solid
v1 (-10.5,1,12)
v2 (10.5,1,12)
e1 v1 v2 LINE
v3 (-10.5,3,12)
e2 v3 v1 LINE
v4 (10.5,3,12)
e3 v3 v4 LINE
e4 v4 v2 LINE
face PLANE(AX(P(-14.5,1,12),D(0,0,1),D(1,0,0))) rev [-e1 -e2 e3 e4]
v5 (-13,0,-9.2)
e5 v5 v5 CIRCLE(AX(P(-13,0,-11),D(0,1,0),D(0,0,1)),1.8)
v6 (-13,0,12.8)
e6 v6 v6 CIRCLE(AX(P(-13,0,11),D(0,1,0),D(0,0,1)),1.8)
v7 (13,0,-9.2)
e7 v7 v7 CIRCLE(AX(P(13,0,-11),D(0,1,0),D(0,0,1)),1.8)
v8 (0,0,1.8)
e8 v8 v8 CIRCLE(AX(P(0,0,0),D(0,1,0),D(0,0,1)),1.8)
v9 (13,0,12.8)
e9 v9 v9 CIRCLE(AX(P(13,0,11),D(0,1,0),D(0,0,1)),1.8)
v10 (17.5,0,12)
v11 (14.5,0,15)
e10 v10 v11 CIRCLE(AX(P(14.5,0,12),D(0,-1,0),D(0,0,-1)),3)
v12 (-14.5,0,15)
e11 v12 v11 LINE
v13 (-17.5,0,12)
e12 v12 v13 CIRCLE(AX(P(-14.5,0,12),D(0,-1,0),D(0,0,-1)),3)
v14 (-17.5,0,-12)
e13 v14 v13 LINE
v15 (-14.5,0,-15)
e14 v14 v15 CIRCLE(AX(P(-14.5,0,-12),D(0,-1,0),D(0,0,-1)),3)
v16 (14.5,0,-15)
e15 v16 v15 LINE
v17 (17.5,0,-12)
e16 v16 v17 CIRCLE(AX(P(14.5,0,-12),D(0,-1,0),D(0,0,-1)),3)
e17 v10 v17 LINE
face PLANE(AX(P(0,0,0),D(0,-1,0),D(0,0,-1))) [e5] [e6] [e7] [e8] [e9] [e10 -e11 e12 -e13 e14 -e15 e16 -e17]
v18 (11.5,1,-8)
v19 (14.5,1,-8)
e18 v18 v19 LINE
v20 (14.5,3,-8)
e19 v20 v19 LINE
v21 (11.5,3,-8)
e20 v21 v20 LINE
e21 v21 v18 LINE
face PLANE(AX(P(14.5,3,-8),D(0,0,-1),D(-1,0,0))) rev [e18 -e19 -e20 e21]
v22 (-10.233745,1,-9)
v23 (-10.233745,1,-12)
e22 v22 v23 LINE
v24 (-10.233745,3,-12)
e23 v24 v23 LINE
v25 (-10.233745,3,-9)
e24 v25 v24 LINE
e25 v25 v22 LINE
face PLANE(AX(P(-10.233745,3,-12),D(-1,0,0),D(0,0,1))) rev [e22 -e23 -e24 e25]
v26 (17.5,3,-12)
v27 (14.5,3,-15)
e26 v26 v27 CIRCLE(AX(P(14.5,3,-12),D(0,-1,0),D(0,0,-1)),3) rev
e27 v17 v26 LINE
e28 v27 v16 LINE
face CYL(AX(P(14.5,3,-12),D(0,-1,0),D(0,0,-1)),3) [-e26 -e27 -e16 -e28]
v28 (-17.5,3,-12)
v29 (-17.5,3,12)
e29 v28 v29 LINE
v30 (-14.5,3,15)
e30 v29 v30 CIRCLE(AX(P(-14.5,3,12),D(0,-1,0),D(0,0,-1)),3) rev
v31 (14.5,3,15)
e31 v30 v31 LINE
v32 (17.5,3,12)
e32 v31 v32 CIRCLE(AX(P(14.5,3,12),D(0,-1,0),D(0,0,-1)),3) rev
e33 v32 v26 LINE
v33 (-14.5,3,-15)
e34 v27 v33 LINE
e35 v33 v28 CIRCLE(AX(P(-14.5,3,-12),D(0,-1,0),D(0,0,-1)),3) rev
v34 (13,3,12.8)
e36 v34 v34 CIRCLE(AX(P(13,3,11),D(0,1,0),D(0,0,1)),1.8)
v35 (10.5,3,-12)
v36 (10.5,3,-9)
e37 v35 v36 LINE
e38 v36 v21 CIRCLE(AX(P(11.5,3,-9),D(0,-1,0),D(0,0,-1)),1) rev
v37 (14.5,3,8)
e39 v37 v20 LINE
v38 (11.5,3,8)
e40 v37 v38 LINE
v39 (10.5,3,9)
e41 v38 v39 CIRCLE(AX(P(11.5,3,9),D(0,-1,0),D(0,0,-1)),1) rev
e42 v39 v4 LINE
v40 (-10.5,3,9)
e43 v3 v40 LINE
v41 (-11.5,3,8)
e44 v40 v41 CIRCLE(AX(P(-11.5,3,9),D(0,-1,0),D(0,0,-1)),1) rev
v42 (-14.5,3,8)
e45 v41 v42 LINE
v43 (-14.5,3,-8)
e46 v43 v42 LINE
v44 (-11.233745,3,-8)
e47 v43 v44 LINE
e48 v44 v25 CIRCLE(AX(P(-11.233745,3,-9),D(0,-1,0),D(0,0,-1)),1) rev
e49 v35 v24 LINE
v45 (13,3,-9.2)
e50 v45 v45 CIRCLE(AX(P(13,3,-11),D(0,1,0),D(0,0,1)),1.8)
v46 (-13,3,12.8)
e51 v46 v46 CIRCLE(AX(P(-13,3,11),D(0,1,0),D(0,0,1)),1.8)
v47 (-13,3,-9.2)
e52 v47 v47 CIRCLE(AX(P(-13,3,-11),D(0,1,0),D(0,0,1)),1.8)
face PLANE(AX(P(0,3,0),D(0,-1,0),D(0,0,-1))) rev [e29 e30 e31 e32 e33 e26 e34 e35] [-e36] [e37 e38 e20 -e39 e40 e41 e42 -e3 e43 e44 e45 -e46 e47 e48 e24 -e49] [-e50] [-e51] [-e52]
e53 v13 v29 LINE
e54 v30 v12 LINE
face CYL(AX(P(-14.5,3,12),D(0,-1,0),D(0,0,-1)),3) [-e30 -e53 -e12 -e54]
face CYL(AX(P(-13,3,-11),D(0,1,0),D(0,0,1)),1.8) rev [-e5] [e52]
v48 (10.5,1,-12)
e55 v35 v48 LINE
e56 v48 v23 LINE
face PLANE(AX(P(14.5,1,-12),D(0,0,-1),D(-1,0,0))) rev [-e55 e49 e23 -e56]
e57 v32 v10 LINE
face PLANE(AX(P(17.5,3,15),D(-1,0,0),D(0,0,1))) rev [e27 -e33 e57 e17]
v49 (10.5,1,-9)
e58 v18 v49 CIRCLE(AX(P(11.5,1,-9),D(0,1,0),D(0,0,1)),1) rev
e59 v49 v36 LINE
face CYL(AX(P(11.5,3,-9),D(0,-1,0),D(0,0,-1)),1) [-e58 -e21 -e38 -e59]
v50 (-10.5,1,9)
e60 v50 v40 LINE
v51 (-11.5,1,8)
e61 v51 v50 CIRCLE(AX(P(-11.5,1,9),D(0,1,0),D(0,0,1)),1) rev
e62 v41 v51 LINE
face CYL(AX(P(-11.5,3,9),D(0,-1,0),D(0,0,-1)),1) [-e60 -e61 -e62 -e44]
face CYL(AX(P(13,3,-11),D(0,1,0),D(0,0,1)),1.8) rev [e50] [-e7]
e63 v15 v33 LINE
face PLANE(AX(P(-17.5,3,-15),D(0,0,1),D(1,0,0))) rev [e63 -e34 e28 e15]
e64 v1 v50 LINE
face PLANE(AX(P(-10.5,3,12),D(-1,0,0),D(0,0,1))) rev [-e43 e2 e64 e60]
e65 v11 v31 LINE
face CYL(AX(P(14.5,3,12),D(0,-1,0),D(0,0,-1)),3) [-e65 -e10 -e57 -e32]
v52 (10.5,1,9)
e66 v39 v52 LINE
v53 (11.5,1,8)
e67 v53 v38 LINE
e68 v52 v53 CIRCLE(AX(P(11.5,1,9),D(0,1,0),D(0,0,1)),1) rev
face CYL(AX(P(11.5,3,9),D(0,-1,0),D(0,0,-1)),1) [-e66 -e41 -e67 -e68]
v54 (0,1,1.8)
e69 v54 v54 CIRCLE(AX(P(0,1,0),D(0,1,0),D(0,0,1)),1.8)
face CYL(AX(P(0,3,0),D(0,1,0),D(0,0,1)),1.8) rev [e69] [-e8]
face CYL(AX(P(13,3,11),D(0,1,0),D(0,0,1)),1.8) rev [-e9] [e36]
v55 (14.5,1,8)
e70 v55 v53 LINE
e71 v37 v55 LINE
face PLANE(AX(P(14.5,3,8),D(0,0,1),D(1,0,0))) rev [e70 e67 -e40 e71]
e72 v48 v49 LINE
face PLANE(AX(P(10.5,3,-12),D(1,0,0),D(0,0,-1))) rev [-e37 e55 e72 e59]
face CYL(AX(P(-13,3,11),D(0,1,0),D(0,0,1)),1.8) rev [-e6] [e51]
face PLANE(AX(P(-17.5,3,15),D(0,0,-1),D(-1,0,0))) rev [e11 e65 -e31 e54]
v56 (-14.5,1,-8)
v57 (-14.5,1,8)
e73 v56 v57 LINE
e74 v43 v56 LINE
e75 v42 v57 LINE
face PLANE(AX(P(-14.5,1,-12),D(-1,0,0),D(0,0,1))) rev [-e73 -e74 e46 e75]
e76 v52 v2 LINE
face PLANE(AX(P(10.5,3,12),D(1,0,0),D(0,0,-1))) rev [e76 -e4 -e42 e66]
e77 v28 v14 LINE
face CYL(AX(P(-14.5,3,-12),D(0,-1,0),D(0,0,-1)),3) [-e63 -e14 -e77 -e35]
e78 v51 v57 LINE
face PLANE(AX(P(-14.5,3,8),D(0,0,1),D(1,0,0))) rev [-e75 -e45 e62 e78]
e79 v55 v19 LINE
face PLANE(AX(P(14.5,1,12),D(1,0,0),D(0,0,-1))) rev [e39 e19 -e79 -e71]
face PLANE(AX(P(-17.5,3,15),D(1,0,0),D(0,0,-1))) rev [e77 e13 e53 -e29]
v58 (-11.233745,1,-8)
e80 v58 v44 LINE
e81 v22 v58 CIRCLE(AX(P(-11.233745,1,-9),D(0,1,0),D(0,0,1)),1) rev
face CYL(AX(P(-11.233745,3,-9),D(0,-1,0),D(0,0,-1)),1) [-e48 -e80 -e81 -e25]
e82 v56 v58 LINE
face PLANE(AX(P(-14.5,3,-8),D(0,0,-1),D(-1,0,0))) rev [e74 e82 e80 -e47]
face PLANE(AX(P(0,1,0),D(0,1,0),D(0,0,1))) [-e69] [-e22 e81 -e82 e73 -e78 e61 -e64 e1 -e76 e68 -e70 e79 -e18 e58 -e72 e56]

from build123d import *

# Parameters (mm, degrees)
SKETCH1_W            = 35
SKETCH1_H            = 30
BOSS_EXTRUDE1_DEPTH  = 3
SKETCH2_W            = 29
SKETCH2_H            = 24
CUT_EXTRUDE1_DEPTH   = 2
SKETCH5_W            = 4.266255033
SKETCH5_H            = 4
SKETCH5_W_2          = 4
BOSS_EXTRUDE2_DEPTH  = 2
M3_CLEARANCE_HOLE1_D = 3.6
FILLET1_R            = 3
FILLET2_R            = 1


with BuildPart() as part:
    # Sketch1 → Boss-Extrude1 (new body)
    with BuildSketch(Plane(origin=(0, 0, 0), x_dir=(1, 0, 0), z_dir=(0, 1, 0))):
        Rectangle(SKETCH1_W, SKETCH1_H)
    extrude(amount=BOSS_EXTRUDE1_DEPTH)

    # Sketch2 → Cut-Extrude1 (cut)
    with BuildSketch(Plane(origin=(0, 3, 0), x_dir=(1, 0, 0), z_dir=(0, 1, 0))):
        Rectangle(SKETCH2_W, SKETCH2_H)
    extrude(amount=-CUT_EXTRUDE1_DEPTH, mode=Mode.SUBTRACT)

    # Sketch5 → Boss-Extrude2 (add)
    with BuildSketch(Plane(origin=(0, 1, 0), x_dir=(1, 0, 0), z_dir=(0, 1, 0))):
        with Locations((-12.366872483, 10)):
            Rectangle(SKETCH5_W, SKETCH5_H)
        with Locations((12.5, 10)):
            Rectangle(SKETCH5_W_2, SKETCH5_H)
        with Locations((12.5, -10)):
            Rectangle(SKETCH5_W_2, SKETCH5_H)
        with Locations((-12.5, -10)):
            Rectangle(SKETCH5_W_2, SKETCH5_H)
    extrude(amount=BOSS_EXTRUDE2_DEPTH)

    # M3 Clearance Hole1 (through all)
    with Locations(Plane(origin=(0, 3, 0), x_dir=(1, 0, 0), z_dir=(0, 1, 0))):
        with Locations((0, 0), (13, 11), (-13, -11), (-13, 11), (13, -11)):
            Hole(M3_CLEARANCE_HOLE1_D / 2)

    # Fillet1
    fillet1_edges = [part.edges().sort_by_distance(p)[0] for p in [
        (17.5, 1.5, 15),
        (-17.5, 1.5, 15),
        (-17.5, 1.5, -15),
        (17.5, 1.5, -15),
    ]]
    fillet(fillet1_edges, radius=FILLET1_R)

    # Fillet2
    fillet2_edges = [part.edges().sort_by_distance(p)[0] for p in [
        (-10.233744967, 2, -8),
        (10.5, 2, -8),
        (10.5, 2, 8),
        (-10.5, 2, 8),
    ]]
    fillet(fillet2_edges, radius=FILLET2_R)


solid = part.part
